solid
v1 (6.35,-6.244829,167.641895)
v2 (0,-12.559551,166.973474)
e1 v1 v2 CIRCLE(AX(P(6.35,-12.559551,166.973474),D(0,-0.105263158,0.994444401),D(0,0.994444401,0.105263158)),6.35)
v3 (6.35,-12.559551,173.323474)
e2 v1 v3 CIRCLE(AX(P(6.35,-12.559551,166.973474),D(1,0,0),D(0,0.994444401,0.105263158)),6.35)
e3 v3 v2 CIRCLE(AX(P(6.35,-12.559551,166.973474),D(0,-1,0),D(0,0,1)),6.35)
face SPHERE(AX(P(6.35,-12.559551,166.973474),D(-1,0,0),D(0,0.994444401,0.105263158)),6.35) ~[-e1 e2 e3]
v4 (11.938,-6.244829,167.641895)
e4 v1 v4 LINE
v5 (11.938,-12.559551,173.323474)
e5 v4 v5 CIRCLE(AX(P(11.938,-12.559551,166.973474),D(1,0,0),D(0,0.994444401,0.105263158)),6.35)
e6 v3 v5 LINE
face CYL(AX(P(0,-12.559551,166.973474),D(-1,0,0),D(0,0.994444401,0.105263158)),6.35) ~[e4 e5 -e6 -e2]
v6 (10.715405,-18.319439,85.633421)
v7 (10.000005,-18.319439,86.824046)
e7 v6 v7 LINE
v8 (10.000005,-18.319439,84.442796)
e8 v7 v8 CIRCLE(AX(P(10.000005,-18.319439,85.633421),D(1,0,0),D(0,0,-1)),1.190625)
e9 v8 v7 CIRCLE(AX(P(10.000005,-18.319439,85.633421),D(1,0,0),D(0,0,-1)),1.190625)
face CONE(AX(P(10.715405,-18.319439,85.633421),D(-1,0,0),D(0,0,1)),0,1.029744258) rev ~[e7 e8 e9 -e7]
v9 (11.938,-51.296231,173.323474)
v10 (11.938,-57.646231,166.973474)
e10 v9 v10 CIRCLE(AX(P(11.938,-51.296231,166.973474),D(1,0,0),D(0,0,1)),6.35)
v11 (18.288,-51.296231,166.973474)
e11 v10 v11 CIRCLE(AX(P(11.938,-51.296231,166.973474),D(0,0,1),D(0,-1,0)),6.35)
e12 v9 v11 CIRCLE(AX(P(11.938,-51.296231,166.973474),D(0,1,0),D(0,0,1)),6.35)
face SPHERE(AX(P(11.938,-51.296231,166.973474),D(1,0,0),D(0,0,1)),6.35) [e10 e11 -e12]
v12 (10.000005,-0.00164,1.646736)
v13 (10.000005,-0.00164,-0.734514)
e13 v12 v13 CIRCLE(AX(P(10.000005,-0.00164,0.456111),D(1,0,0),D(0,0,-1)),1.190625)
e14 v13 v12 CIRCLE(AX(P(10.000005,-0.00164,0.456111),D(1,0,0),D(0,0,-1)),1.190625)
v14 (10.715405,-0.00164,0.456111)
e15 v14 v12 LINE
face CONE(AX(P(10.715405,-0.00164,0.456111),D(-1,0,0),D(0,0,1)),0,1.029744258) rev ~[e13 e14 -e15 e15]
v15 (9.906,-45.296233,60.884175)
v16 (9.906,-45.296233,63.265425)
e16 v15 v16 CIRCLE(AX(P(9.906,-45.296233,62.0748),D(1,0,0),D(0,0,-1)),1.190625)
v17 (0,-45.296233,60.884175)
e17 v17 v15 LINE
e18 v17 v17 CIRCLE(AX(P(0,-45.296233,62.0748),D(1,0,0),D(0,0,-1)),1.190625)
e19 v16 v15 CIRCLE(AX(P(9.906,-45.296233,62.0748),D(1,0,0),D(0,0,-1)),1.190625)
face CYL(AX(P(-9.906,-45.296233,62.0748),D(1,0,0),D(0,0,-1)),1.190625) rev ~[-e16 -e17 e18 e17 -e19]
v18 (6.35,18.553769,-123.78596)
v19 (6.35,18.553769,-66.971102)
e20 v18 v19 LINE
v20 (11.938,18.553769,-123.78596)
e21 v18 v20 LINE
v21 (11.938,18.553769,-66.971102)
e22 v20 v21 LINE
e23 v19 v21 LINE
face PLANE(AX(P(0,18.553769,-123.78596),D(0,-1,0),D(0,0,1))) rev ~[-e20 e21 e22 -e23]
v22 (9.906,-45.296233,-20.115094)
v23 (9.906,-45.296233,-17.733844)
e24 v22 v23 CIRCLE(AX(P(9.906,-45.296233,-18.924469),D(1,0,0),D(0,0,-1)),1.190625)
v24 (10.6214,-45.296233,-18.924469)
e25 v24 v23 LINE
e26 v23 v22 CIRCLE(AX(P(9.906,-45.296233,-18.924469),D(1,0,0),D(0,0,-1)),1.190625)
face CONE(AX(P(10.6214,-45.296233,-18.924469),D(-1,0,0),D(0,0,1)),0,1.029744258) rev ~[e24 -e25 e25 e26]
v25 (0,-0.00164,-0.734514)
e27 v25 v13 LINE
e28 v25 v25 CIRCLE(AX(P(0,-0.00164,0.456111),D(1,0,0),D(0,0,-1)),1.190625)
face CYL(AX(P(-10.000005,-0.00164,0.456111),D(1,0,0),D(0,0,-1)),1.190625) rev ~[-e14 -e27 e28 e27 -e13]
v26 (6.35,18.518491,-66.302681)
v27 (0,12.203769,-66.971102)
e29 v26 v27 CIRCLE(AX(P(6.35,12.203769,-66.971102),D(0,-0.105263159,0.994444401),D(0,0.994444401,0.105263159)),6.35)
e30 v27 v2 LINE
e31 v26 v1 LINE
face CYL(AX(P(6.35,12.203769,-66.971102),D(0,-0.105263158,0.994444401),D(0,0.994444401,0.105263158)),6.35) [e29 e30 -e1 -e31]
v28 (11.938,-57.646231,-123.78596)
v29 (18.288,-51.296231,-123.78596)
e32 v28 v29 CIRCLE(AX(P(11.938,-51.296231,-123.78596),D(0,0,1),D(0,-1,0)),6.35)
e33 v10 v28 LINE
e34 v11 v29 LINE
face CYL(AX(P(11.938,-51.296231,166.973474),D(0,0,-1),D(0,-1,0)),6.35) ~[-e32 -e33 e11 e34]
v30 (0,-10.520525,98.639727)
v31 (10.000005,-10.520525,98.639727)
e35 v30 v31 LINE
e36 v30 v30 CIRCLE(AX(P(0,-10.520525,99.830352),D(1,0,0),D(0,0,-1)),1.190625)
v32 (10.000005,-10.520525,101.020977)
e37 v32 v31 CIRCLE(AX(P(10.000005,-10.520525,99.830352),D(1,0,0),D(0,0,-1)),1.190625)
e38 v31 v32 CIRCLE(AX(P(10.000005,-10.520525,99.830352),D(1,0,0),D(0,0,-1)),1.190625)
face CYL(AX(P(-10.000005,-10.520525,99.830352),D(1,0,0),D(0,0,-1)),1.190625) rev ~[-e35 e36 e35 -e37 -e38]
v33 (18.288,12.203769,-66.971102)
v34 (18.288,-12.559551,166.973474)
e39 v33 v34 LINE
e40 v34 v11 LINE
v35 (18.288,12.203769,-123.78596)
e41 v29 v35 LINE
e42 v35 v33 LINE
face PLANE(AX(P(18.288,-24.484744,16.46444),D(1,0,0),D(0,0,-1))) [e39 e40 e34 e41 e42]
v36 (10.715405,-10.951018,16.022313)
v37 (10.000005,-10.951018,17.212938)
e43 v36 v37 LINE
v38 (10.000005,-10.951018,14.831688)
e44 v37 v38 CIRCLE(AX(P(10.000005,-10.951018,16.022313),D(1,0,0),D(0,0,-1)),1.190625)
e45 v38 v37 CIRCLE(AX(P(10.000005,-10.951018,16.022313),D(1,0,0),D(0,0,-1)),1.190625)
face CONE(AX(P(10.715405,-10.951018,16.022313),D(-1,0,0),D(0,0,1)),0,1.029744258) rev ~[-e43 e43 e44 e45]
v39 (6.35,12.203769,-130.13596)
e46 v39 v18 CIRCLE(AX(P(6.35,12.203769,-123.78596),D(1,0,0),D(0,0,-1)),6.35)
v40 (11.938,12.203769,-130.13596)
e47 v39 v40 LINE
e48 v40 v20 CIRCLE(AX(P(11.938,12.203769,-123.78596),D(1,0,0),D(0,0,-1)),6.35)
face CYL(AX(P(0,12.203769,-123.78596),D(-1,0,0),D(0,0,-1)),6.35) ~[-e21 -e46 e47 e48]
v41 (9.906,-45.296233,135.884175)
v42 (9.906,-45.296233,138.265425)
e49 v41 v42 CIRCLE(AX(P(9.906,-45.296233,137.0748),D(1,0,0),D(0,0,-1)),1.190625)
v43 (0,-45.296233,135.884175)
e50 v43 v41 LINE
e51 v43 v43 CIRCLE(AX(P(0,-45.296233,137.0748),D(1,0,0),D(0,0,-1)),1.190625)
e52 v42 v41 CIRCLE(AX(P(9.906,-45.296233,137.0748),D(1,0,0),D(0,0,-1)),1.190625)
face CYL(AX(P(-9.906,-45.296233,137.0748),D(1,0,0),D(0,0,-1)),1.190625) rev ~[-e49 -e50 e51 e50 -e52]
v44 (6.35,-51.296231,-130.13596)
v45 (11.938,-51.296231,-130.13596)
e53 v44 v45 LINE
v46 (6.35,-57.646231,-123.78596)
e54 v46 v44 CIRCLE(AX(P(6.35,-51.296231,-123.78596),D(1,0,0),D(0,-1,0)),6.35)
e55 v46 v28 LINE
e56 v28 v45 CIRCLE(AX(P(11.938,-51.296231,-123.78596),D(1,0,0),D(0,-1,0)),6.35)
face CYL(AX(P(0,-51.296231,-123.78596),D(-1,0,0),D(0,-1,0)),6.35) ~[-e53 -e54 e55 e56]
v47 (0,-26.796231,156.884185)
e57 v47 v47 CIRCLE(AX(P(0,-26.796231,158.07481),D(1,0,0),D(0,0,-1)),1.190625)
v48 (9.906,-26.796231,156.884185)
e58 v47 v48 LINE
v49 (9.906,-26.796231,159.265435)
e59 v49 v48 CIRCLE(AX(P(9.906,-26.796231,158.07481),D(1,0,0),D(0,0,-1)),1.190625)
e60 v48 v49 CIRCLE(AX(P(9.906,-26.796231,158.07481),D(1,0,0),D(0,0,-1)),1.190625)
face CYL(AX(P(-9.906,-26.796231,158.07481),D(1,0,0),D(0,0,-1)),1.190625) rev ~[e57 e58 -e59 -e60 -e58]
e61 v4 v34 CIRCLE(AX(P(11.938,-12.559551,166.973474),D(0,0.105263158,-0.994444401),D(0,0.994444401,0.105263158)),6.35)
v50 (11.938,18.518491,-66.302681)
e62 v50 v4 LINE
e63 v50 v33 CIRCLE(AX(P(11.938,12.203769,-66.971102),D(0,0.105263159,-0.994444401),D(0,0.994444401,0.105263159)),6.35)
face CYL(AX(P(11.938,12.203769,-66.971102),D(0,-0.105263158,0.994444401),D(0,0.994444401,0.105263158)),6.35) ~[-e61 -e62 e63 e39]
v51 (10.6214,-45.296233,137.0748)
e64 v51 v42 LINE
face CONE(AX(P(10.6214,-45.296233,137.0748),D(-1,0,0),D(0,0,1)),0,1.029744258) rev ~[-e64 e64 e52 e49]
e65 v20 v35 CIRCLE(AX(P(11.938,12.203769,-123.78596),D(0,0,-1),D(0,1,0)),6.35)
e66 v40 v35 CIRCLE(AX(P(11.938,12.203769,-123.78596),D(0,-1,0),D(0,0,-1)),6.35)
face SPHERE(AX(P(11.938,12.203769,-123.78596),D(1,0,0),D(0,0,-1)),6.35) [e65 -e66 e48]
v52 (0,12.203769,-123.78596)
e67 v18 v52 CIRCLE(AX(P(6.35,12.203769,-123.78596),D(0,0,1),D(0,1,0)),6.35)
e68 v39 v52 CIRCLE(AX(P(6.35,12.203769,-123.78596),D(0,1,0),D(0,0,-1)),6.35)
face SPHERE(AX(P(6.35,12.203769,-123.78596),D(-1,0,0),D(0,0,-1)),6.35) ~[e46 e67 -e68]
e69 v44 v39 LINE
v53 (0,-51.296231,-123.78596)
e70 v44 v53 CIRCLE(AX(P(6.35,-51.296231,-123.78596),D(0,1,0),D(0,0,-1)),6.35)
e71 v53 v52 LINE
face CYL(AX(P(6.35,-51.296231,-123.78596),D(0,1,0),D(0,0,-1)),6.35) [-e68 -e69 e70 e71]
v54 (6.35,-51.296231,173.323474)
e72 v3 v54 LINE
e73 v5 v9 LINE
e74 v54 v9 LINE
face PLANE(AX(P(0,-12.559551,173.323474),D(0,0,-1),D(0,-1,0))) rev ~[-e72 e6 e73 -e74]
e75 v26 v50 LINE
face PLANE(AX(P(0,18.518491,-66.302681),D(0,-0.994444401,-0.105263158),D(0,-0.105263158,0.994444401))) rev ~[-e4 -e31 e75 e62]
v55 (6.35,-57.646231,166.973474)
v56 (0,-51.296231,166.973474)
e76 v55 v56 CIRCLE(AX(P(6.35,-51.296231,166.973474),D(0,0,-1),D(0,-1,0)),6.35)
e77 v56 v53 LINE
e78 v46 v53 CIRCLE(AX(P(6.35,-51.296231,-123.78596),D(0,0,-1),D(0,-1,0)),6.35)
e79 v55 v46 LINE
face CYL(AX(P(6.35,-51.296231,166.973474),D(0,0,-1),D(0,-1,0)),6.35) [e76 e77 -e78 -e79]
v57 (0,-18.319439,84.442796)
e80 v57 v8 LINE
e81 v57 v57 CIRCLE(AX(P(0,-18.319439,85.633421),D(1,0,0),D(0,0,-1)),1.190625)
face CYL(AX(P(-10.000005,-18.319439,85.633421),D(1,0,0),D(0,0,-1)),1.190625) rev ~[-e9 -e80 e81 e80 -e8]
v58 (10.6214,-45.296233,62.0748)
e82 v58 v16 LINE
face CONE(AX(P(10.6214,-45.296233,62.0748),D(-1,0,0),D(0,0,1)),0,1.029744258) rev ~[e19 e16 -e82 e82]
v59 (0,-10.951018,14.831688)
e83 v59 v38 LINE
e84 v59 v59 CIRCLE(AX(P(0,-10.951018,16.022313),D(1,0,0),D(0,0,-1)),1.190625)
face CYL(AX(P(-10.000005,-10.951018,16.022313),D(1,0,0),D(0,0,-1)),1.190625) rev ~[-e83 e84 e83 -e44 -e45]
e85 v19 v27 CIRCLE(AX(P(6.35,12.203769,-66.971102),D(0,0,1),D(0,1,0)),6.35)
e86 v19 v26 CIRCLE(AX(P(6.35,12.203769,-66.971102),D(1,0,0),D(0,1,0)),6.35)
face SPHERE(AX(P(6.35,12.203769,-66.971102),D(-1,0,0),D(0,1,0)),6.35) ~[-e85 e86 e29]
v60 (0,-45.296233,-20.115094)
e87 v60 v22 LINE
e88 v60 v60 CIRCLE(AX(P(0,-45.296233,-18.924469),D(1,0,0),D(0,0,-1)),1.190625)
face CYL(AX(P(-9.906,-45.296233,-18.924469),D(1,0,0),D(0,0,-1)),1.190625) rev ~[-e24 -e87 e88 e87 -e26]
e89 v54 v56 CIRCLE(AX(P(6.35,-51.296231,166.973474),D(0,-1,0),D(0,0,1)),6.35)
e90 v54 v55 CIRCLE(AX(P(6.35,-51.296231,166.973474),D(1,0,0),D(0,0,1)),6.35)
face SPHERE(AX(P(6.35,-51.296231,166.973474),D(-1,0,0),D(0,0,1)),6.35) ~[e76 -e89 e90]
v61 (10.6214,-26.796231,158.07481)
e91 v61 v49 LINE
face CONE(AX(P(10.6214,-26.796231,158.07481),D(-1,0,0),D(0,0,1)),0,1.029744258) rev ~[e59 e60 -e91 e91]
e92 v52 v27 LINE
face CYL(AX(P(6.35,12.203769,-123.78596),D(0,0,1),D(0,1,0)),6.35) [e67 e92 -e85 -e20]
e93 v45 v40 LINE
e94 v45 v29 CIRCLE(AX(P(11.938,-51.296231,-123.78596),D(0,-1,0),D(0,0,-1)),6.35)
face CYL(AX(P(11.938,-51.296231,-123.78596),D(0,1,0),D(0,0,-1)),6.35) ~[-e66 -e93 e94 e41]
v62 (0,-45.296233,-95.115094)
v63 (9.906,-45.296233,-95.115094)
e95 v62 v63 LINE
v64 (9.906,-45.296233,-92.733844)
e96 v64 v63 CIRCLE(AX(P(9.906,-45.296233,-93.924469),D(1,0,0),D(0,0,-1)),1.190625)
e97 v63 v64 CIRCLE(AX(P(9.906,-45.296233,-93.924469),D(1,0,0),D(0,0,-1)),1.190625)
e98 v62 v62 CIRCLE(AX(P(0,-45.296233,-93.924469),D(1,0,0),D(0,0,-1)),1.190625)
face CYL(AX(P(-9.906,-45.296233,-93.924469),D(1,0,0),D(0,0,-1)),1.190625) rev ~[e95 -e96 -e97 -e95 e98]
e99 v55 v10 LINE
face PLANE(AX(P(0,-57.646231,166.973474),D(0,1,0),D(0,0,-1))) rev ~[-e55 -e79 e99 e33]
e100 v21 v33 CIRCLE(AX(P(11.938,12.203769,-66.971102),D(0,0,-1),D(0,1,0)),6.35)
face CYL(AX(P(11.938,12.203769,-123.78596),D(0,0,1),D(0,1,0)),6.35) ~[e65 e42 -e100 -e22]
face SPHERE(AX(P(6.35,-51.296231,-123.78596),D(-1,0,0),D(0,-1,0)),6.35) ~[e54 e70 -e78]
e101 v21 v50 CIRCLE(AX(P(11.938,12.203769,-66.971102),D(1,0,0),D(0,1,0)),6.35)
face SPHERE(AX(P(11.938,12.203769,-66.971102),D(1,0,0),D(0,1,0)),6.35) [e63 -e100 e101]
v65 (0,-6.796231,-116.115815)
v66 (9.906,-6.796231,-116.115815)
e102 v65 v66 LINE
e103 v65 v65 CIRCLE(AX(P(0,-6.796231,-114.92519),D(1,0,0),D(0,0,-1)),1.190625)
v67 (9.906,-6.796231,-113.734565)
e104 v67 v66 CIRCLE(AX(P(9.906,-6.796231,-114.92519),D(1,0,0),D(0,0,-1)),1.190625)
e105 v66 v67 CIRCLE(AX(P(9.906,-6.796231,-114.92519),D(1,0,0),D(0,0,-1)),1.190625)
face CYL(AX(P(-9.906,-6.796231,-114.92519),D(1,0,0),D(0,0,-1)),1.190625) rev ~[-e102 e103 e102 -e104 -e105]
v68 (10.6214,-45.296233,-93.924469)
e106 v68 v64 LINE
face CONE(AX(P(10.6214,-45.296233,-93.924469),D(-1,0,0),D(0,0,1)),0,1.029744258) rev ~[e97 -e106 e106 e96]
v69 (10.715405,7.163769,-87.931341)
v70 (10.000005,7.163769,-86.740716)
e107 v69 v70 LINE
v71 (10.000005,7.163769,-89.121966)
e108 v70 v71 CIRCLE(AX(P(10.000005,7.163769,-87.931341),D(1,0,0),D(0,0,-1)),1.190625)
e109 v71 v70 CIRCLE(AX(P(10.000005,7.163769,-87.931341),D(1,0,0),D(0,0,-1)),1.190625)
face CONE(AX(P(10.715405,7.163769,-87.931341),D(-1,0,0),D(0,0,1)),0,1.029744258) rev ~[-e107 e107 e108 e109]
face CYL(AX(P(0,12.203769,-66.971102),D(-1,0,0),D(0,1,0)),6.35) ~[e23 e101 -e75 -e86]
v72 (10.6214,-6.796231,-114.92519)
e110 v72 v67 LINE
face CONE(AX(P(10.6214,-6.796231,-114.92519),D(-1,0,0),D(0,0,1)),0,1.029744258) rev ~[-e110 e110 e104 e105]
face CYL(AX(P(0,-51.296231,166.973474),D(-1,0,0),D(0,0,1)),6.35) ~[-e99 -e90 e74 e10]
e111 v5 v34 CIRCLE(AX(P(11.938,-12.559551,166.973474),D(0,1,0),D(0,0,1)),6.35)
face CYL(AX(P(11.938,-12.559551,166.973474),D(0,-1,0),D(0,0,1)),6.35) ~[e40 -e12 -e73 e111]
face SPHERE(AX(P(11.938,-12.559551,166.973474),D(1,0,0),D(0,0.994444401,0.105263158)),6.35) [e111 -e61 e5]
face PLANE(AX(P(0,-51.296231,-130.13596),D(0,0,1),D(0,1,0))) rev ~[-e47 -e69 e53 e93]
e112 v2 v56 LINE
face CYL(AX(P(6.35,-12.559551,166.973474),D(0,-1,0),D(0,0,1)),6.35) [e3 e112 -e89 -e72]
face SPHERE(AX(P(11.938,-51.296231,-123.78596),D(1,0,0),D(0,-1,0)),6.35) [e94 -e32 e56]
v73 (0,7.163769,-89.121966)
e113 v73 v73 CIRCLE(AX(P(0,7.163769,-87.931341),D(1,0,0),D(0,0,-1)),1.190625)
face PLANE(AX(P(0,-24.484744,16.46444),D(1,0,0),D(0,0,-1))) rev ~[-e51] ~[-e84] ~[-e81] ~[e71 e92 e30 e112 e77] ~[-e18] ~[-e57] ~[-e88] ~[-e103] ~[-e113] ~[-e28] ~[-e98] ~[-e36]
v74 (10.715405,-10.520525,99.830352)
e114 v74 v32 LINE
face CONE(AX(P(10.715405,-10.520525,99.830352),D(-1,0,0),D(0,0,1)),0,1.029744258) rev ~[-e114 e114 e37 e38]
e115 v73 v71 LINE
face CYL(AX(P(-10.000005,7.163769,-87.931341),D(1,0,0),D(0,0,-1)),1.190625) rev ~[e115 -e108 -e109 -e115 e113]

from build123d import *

# Parameters (mm, degrees)
BOSS_EXTRUDE1_DEPTH                 = 18.288
FILLET1_R                           = 6.35
F_3_32_0_09375_DIAMETER_HOLE2_D     = 2.38125
F_3_32_0_09375_DIAMETER_HOLE2_DEPTH = 10.0000054
F_3_32_0_09375_DIAMETER_HOLE2_TIP   = 0.715399675
F_3_32_0_09375_DIAMETER_HOLE3_D     = 2.38125
F_3_32_0_09375_DIAMETER_HOLE3_DEPTH = 9.906
F_3_32_0_09375_DIAMETER_HOLE3_TIP   = 0.715399675
F_3_32_0_09375_DIAMETER_HOLE4_D     = 2.38125
F_3_32_0_09375_DIAMETER_HOLE4_DEPTH = 9.906
F_3_32_0_09375_DIAMETER_HOLE4_TIP   = 0.715399675
F_3_32_0_09375_DIAMETER_HOLE5_D     = 2.38125
F_3_32_0_09375_DIAMETER_HOLE5_DEPTH = 10.0000054
F_3_32_0_09375_DIAMETER_HOLE5_TIP   = 0.715399675


with BuildPart() as part:
    # Sketch1 → Boss-Extrude1 (new body)
    with BuildSketch(Plane(origin=(0, 0, 0), x_dir=(0, 0, -1), z_dir=(1, 0, 0))):
        with BuildLine():
            Line((-166.973473818, -57.646230654), (123.785960254, -57.646230654))
            ThreePointArc((123.785960254, -57.646230654), (128.276088314, -55.786358715), (130.135960254, -51.296230654))
            Line((130.135960254, -51.296230654), (130.135960254, 12.203769346))
            ThreePointArc((130.135960254, 12.203769346), (128.276088314, 16.693897406), (123.785960254, 18.553769346))
            Line((123.785960254, 18.553769346), (66.971101736, 18.553769346))
            ThreePointArc((66.971101736, 18.553769346), (66.636426055, 18.5449437), (66.302680683, 18.518491295))
            Line((66.302680683, 18.518491295), (-167.641894871, -6.244828564))
            ThreePointArc((-167.641894871, -6.244828564), (-171.694012648, -8.31231457), (-173.323473818, -12.559550513))
            Line((-173.323473818, -12.559550513), (-173.323473818, -51.296230654))
            ThreePointArc((-173.323473818, -51.296230654), (-171.463601879, -55.786358715), (-166.973473818, -57.646230654))
        make_face()
    extrude(amount=BOSS_EXTRUDE1_DEPTH)

    # Fillet1
    fillet1_edges = [part.edges().sort_by_distance(p)[0] for p in [
        (18.288, -8.31231457, 171.694012648),
        (0, -19.546230654, -130.135960254),
        (0, -55.786358715, -128.276088314),
        (0, -57.646230654, 21.593756782),
        (0, -55.786358715, 171.463601879),
        (0, -31.927890584, 173.323473818),
        (0, -8.31231457, 171.694012648),
        (0, 6.136831366, 50.669607094),
        (0, 18.5449437, -66.636426055),
        (18.288, -31.927890584, 173.323473818),
        (18.288, -55.786358715, 171.463601879),
        (18.288, -57.646230654, 21.593756782),
        (18.288, -55.786358715, -128.276088314),
        (18.288, -19.546230654, -130.135960254),
        (18.288, 16.693897406, -128.276088314),
        (18.288, 18.553769346, -95.378530995),
        (18.288, 18.5449437, -66.636426055),
        (18.288, 6.136831366, 50.669607094),
        (0, 18.553769346, -95.378530995),
        (0, 16.693897406, -128.276088314),
    ]]
    fillet(fillet1_edges, radius=FILLET1_R)

    # 3/32 (0.09375) Diameter Hole2
    with Locations(Plane.ZY):
        with Locations((16.022312628, -10.951018239), (85.63342073, -18.319439291)):
            Hole(F_3_32_0_09375_DIAMETER_HOLE2_D / 2, depth=F_3_32_0_09375_DIAMETER_HOLE2_DEPTH)
            with Locations((0, 0, -(F_3_32_0_09375_DIAMETER_HOLE2_DEPTH + F_3_32_0_09375_DIAMETER_HOLE2_TIP / 2))):  # 118° drill point
                Cone(0, F_3_32_0_09375_DIAMETER_HOLE2_D / 2, F_3_32_0_09375_DIAMETER_HOLE2_TIP, mode=Mode.SUBTRACT)

    # 3/32 (0.09375) Diameter Hole3
    with Locations(Plane.ZY):
        with Locations((158.074809607, -26.796230654), (-114.925190393, -6.796230654)):
            Hole(F_3_32_0_09375_DIAMETER_HOLE3_D / 2, depth=F_3_32_0_09375_DIAMETER_HOLE3_DEPTH)
            with Locations((0, 0, -(F_3_32_0_09375_DIAMETER_HOLE3_DEPTH + F_3_32_0_09375_DIAMETER_HOLE3_TIP / 2))):  # 118° drill point
                Cone(0, F_3_32_0_09375_DIAMETER_HOLE3_D / 2, F_3_32_0_09375_DIAMETER_HOLE3_TIP, mode=Mode.SUBTRACT)

    # 3/32 (0.09375) Diameter Hole4
    with Locations(Plane.ZY):
        with Locations((-93.924468997, -45.296232872), (-18.924468997, -45.296232872), (62.074800328, -45.296232872), (137.074800328, -45.296232872)):
            Hole(F_3_32_0_09375_DIAMETER_HOLE4_D / 2, depth=F_3_32_0_09375_DIAMETER_HOLE4_DEPTH)
            with Locations((0, 0, -(F_3_32_0_09375_DIAMETER_HOLE4_DEPTH + F_3_32_0_09375_DIAMETER_HOLE4_TIP / 2))):  # 118° drill point
                Cone(0, F_3_32_0_09375_DIAMETER_HOLE4_D / 2, F_3_32_0_09375_DIAMETER_HOLE4_TIP, mode=Mode.SUBTRACT)

    # 3/32 (0.09375) Diameter Hole5
    with Locations(Plane.ZY):
        with Locations((-87.93134055, 7.163769346), (0.456111434, -0.001640397), (99.83035199, -10.520525474)):
            Hole(F_3_32_0_09375_DIAMETER_HOLE5_D / 2, depth=F_3_32_0_09375_DIAMETER_HOLE5_DEPTH)
            with Locations((0, 0, -(F_3_32_0_09375_DIAMETER_HOLE5_DEPTH + F_3_32_0_09375_DIAMETER_HOLE5_TIP / 2))):  # 118° drill point
                Cone(0, F_3_32_0_09375_DIAMETER_HOLE5_D / 2, F_3_32_0_09375_DIAMETER_HOLE5_TIP, mode=Mode.SUBTRACT)


solid = part.part
